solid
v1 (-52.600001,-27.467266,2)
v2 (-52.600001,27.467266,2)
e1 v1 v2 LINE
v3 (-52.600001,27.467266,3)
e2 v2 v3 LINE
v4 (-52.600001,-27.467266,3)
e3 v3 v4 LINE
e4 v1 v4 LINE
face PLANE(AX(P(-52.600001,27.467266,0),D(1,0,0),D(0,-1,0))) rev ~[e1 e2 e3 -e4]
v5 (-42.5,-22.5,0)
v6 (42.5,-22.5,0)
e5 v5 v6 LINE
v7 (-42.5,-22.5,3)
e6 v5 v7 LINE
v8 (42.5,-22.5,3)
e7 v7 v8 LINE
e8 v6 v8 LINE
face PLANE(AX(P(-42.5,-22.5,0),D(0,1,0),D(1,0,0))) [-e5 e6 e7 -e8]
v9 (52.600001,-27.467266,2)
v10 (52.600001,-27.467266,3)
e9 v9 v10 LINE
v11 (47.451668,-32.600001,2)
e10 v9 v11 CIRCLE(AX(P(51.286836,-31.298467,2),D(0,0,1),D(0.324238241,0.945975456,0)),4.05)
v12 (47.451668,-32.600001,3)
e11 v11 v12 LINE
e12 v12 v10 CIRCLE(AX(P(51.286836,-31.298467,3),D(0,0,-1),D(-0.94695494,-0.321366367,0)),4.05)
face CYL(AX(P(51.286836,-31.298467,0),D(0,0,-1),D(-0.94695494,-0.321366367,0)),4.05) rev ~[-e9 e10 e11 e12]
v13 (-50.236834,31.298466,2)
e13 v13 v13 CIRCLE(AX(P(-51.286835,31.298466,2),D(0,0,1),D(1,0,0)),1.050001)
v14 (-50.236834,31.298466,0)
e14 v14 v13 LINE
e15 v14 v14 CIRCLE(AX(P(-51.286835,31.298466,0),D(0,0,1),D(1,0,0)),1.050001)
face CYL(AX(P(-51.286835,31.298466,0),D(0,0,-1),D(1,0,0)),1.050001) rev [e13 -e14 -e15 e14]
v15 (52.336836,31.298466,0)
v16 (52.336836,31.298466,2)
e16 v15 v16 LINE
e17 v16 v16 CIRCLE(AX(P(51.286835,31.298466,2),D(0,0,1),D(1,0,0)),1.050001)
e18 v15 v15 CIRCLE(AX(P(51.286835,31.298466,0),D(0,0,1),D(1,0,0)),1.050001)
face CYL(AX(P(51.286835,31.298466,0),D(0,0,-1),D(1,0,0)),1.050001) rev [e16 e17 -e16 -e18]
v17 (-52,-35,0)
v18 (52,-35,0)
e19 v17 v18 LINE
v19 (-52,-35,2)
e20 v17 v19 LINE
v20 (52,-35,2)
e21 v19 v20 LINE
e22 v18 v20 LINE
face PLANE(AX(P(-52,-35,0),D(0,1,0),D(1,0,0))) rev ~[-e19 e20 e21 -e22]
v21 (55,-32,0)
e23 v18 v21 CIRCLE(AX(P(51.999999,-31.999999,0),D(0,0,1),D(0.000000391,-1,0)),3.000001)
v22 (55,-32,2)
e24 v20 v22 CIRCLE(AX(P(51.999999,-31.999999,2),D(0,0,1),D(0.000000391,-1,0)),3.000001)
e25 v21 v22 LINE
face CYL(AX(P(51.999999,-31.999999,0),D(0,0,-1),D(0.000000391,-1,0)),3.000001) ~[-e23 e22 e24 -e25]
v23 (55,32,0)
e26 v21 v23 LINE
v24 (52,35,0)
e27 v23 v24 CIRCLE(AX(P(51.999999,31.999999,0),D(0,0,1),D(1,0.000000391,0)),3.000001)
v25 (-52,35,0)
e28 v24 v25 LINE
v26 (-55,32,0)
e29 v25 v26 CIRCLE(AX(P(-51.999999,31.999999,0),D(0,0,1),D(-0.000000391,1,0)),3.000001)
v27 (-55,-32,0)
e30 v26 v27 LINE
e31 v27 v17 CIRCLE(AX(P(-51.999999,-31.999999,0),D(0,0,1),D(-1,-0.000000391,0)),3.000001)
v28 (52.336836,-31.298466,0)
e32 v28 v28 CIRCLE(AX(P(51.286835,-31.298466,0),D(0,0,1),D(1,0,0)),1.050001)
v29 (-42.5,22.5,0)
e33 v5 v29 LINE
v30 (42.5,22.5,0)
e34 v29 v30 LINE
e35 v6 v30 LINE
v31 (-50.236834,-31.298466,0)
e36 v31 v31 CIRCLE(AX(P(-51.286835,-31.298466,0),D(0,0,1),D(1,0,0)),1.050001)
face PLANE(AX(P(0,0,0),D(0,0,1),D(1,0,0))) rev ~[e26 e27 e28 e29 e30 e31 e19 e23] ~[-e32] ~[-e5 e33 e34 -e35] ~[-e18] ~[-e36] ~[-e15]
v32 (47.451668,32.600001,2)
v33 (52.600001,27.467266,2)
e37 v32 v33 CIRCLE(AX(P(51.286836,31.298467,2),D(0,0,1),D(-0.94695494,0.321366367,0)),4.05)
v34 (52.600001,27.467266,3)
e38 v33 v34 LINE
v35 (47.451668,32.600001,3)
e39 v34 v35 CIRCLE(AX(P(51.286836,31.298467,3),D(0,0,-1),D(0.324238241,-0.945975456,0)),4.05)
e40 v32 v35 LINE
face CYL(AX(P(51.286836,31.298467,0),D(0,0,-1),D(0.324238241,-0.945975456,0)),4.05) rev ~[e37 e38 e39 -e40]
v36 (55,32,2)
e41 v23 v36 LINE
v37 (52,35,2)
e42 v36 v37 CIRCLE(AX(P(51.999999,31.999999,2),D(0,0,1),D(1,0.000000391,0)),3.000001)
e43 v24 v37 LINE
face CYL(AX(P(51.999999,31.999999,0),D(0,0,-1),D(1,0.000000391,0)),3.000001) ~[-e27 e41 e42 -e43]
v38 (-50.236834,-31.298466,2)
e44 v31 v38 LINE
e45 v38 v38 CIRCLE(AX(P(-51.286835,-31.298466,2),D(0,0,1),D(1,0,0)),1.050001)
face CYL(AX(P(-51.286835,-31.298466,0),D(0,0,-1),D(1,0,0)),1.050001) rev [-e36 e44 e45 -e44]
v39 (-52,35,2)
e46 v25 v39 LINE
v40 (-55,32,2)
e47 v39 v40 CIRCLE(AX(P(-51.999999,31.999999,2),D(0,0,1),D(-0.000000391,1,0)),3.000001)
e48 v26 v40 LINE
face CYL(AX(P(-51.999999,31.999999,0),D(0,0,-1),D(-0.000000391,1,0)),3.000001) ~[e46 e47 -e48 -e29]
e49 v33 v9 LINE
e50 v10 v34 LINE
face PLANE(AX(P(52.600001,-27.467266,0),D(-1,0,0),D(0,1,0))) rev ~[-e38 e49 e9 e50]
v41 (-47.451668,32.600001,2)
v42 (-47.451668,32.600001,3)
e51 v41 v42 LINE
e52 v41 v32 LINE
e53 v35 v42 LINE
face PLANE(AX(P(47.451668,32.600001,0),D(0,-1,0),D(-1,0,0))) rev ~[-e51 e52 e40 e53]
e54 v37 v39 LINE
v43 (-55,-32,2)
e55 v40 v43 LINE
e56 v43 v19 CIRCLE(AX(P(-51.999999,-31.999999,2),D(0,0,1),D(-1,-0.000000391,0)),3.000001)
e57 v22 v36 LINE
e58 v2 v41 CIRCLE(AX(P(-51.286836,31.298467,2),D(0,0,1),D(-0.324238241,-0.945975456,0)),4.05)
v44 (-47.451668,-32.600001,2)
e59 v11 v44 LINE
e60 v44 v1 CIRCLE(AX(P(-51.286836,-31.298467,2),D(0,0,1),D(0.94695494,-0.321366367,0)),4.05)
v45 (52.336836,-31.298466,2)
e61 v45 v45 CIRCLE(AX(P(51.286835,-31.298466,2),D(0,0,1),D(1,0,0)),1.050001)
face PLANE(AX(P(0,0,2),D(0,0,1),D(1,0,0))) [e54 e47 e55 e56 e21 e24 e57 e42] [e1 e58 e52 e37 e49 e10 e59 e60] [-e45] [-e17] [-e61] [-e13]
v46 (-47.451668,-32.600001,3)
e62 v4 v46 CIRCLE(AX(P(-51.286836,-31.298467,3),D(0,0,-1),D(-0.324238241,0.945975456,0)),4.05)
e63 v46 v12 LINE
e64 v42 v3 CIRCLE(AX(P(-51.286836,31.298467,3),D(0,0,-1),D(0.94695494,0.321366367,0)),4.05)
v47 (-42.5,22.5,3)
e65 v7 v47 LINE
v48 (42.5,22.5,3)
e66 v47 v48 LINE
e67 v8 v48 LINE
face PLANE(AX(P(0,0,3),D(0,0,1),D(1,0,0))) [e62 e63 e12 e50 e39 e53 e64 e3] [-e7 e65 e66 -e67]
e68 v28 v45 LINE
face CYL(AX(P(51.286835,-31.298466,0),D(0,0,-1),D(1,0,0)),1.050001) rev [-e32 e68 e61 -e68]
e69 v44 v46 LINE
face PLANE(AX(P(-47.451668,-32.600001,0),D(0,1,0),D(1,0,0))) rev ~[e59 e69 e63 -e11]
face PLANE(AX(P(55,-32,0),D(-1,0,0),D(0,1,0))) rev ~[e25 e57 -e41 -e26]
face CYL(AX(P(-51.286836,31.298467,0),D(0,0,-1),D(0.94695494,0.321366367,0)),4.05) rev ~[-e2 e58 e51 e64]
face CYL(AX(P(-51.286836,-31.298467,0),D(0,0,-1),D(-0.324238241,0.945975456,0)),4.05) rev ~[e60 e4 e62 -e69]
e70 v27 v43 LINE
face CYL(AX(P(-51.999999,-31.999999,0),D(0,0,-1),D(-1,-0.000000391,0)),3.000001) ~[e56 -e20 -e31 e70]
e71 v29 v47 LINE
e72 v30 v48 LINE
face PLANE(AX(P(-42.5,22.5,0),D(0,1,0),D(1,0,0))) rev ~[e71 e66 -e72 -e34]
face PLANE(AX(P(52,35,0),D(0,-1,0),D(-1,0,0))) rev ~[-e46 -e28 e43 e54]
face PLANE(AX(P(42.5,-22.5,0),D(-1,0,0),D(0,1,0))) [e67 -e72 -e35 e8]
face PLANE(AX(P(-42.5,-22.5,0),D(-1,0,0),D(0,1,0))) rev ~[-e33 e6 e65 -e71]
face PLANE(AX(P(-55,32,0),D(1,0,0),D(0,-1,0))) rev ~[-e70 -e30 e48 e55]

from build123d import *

# Parameters (mm, degrees)
F0_R     = 1.050001
F1_DEPTH = 2
F0_W     = 85
F0_H     = 45
F2_DEPTH = 3


with BuildPart() as f1:
    # F0 (on Top) → F1 (new body)
    with BuildSketch(Plane.XY):
        with BuildLine():
            ThreePointArc((55, 32), (54.12132, 34.12132), (52, 35))
            Line((52, 35), (-52, 35))
            ThreePointArc((-52, 35), (-54.12132, 34.12132), (-55, 32))
            Line((-55, 32), (-55, -32))
            ThreePointArc((-55, -32), (-54.12132, -34.12132), (-52, -35))
            Line((-52, -35), (52, -35))
            ThreePointArc((52, -35), (54.12132, -34.12132), (55, -32))
            Line((55, -32), (55, 32))
        make_face()
        with Locations((-51.286835, -31.298466)):
            Circle(F0_R, mode=Mode.SUBTRACT)
        with Locations((51.286835, -31.298466)):
            Circle(F0_R, mode=Mode.SUBTRACT)
        with Locations((-51.286835, 31.298466)):
            Circle(F0_R, mode=Mode.SUBTRACT)
        with BuildLine():
            ThreePointArc((47.451668, 32.600001), (48.427401, 28.430343), (52.600001, 27.467266))
            Line((52.600001, 27.467266), (52.600001, -27.467266))
            ThreePointArc((52.600001, -27.467266), (48.427401, -28.430343), (47.451668, -32.600001))
            Line((47.451668, -32.600001), (-47.451668, -32.600001))
            ThreePointArc((-47.451668, -32.600001), (-48.427401, -28.430343), (-52.600001, -27.467266))
            Line((-52.600001, -27.467266), (-52.600001, 27.467266))
            ThreePointArc((-52.600001, 27.467266), (-48.427401, 28.430343), (-47.451668, 32.600001))
            Line((-47.451668, 32.600001), (47.451668, 32.600001))
        make_face(mode=Mode.SUBTRACT)
        with Locations((51.286835, 31.298466)):
            Circle(F0_R, mode=Mode.SUBTRACT)
    extrude(amount=F1_DEPTH)

    # F0 (on Top) → F2 (join)
    with BuildSketch(Plane.XY):
        with BuildLine():
            Line((52.600001, -27.467266), (52.600001, 27.467266))
            ThreePointArc((52.600001, 27.467266), (48.427401, 28.430343), (47.451668, 32.600001))
            Line((47.451668, 32.600001), (-47.451668, 32.600001))
            ThreePointArc((-47.451668, 32.600001), (-48.427401, 28.430343), (-52.600001, 27.467266))
            Line((-52.600001, 27.467266), (-52.600001, -27.467266))
            ThreePointArc((-52.600001, -27.467266), (-48.427401, -28.430343), (-47.451668, -32.600001))
            Line((-47.451668, -32.600001), (47.451668, -32.600001))
            ThreePointArc((47.451668, -32.600001), (48.427401, -28.430343), (52.600001, -27.467266))
        make_face()
        Rectangle(F0_W, F0_H, mode=Mode.SUBTRACT)
    extrude(amount=F2_DEPTH)


solid = f1.part
